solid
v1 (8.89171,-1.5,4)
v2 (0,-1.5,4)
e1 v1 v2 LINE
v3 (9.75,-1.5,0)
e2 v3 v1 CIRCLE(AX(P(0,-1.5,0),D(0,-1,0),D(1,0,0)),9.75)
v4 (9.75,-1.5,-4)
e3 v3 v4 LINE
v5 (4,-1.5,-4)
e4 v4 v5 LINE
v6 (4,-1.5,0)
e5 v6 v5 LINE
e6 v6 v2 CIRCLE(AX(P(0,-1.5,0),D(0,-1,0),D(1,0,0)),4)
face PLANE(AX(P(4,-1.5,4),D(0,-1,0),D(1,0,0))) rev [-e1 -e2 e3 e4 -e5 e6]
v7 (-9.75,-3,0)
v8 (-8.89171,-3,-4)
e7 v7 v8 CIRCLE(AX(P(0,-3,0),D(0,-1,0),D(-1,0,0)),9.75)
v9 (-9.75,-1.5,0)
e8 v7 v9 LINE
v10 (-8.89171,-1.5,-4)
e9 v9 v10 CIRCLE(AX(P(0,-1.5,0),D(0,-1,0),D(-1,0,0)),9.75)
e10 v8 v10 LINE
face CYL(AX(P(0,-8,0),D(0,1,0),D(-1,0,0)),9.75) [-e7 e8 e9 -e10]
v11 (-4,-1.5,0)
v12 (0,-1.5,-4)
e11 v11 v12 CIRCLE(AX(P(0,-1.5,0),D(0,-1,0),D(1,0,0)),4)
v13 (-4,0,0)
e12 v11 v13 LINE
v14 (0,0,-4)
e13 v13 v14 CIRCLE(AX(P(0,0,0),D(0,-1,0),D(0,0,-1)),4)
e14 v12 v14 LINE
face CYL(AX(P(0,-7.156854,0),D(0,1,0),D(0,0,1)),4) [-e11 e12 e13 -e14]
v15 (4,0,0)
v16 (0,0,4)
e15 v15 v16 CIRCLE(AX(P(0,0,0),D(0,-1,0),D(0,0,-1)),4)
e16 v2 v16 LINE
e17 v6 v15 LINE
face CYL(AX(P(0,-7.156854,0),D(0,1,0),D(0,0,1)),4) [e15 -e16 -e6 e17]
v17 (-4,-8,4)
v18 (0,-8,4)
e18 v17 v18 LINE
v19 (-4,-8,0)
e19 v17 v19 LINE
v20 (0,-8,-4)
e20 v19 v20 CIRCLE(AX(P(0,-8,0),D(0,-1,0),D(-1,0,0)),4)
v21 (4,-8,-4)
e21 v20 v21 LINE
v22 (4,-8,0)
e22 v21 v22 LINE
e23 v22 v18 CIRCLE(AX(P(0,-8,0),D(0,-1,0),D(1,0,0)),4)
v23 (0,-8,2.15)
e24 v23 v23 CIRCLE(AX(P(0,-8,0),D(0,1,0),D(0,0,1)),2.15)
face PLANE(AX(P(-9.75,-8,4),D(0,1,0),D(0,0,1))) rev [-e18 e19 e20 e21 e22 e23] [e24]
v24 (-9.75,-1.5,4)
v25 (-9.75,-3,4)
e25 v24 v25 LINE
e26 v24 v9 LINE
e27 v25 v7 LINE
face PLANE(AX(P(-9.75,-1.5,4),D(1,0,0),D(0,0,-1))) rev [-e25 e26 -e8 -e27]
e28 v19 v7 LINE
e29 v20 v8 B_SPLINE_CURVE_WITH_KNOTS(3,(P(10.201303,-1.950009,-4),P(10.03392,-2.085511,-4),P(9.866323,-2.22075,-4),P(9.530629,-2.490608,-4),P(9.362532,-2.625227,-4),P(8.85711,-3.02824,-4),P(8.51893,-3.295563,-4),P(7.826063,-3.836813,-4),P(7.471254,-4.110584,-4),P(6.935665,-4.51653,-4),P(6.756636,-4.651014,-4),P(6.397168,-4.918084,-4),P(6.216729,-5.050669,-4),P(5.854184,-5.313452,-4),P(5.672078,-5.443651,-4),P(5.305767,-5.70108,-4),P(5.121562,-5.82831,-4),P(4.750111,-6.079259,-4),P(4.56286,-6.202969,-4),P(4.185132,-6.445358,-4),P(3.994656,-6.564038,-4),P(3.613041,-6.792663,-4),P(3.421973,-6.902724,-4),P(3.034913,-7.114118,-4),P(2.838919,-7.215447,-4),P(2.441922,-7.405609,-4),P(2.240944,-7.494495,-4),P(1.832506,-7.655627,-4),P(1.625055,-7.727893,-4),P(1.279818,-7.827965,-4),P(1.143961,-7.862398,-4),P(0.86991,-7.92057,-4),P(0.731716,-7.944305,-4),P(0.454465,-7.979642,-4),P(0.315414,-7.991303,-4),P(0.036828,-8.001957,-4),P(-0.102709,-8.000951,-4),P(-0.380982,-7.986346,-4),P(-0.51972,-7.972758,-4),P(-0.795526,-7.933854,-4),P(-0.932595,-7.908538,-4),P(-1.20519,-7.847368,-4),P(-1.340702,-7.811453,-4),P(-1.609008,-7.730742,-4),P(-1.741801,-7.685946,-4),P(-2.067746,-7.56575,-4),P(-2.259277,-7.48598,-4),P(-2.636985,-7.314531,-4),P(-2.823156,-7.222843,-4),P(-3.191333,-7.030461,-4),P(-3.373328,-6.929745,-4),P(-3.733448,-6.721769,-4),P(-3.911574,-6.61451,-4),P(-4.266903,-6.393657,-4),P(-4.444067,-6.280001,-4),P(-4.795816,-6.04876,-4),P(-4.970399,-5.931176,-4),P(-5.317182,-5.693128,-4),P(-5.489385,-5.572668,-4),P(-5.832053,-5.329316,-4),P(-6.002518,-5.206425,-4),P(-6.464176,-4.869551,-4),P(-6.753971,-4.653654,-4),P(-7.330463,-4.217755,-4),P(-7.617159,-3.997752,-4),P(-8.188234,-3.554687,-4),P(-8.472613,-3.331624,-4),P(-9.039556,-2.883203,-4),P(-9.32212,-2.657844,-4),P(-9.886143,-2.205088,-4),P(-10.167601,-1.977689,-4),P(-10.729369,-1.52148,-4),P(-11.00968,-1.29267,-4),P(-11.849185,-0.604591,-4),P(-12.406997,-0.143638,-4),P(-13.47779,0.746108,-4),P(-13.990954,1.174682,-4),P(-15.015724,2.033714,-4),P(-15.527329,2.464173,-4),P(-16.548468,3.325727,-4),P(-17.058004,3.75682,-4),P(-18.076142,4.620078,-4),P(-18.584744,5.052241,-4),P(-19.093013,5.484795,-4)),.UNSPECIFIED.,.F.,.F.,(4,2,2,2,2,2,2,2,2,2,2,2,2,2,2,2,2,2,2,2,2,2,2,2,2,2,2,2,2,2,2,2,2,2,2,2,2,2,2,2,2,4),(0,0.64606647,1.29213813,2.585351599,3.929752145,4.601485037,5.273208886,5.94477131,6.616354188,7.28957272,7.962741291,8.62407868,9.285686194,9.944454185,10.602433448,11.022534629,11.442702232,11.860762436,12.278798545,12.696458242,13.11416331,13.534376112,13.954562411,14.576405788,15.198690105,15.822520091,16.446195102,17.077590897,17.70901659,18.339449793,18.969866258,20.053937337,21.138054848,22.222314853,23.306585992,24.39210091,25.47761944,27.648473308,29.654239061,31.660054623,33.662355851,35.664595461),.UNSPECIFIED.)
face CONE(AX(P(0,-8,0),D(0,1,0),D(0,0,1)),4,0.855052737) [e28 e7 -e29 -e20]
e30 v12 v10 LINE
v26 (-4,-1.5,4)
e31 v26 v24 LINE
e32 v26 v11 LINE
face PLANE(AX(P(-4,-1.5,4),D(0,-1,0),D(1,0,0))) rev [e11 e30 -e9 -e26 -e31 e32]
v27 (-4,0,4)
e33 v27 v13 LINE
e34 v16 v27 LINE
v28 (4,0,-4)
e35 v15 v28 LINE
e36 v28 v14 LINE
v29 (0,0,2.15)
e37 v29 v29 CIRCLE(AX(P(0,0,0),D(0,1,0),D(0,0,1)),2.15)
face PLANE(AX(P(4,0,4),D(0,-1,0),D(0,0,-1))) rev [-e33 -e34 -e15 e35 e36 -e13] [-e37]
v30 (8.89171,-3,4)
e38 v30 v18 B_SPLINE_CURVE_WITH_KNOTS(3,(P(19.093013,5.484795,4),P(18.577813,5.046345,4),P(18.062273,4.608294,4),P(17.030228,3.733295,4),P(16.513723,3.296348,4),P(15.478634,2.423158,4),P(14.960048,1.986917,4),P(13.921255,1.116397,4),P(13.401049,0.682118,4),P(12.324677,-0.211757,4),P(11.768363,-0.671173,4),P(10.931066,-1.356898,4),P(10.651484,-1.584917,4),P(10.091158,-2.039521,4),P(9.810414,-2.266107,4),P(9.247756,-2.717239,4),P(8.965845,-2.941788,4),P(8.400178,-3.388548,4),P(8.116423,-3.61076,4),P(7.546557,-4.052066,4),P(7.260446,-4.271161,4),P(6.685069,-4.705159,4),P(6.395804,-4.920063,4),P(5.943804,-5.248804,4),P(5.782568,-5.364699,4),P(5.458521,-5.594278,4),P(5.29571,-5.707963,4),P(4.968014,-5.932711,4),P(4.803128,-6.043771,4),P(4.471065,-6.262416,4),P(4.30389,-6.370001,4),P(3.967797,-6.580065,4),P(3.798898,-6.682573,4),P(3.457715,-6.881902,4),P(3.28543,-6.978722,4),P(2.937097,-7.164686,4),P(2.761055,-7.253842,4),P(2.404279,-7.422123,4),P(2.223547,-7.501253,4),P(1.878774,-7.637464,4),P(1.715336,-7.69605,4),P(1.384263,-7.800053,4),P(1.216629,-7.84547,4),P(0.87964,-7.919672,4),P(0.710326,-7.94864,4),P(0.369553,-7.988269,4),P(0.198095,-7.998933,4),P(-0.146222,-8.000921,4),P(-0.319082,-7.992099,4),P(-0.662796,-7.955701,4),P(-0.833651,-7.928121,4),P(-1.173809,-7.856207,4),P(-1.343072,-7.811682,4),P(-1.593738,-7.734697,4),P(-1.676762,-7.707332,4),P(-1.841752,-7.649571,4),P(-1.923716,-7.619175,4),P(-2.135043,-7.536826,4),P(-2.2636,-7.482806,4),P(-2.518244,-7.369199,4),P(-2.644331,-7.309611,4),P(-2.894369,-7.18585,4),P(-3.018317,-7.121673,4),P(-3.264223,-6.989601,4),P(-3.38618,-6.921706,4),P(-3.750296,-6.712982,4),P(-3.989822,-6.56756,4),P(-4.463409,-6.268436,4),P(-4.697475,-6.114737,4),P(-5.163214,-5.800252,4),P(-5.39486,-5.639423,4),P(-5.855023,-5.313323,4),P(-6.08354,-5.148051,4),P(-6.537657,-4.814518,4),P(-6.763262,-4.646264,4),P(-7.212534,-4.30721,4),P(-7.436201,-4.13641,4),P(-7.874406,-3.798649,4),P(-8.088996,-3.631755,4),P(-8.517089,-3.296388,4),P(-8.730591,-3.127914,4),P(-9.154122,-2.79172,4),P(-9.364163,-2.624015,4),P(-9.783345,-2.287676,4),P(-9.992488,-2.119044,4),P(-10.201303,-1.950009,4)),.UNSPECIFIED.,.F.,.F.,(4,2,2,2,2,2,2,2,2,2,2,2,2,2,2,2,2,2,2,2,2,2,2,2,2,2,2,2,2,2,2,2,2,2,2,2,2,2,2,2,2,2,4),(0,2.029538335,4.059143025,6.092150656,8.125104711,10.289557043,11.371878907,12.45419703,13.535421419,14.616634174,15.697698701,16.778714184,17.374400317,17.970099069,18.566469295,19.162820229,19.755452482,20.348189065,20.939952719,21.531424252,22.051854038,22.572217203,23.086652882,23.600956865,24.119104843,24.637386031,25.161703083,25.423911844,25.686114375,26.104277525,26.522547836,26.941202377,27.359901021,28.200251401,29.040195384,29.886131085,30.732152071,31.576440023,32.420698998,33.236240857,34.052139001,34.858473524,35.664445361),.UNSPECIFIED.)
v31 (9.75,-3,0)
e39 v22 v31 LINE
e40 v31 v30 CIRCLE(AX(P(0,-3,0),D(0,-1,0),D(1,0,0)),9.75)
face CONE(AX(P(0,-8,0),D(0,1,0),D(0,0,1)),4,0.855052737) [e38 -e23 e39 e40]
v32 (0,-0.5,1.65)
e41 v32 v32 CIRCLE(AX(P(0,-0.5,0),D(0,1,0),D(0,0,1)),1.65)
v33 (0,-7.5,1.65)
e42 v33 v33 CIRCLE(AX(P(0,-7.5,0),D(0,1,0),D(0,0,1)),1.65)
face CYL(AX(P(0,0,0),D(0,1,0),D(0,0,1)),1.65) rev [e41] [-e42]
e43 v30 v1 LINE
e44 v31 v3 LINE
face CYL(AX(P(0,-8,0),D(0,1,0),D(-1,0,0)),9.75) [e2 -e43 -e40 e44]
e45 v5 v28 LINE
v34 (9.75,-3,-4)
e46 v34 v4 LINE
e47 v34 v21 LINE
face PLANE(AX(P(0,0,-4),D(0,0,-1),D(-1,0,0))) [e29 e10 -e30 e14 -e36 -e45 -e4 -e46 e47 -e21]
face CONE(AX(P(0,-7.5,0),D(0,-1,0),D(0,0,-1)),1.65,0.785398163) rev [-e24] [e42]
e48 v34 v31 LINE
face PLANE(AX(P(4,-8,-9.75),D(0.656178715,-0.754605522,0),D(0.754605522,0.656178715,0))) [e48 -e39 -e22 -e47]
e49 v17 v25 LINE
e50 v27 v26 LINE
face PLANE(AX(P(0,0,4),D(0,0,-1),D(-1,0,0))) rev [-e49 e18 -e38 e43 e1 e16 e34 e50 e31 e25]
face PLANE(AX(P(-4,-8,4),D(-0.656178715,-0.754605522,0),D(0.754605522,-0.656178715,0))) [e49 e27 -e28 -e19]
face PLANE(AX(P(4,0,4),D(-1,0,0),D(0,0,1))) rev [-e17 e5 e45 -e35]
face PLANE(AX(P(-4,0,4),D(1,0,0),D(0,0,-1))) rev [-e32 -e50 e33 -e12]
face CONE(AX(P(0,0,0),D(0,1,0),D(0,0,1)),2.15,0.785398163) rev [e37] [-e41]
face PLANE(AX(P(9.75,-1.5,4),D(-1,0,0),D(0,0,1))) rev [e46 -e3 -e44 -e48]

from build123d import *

# Parameters (mm, degrees)
EXTRUDE_1_DEPTH     = 4
CUT_EXTRUDE_1_DEPTH = 1.5
CUT_EXTRUDE_2_DEPTH = 7.5


with BuildPart() as part:
    # Эскиз1 → Бобышка-Вытянуть1 (new body, symmetric)
    with BuildSketch(Plane.XY):
        Polygon((4, 0), (-4, 0), (-4, -1.5), (-9.75, -1.5), (-9.75, -8), (9.75, -8), (9.75, -1.5), (4, -1.5), align=None)
    extrude(amount=EXTRUDE_1_DEPTH, both=True)

    # Эскиз3 → Отверстие обработанное метчиком M43 (revolve, cut)
    with BuildSketch(Plane(origin=(0, 0, 0), x_dir=(0, 0, 1), z_dir=(1, 0, 0))):
        Polygon((0, 0), (0, 8), (2.15, 8), (1.65, 7.5), (1.65, 0.5), (2.15, 0), align=None)
    revolve(axis=Axis((0, 6.35, 0), (0, -1, 0)), mode=Mode.SUBTRACT)

    # Эскиз4 → Вырез-Вытянуть1 (cut)
    with BuildSketch(Plane(origin=(0, 0, 0), x_dir=(1, 0, 0), z_dir=(0, 1, 0))):
        with BuildLine():
            Line((-4, 4), (-4, 0))
            ThreePointArc((-4, 0), (-2.828427125, 2.828427125), (0, 4))
            Line((0, 4), (-4, 4))
        make_face()
        with BuildLine():
            Line((0, -4), (4, -4))
            Line((4, -4), (4, 0))
            ThreePointArc((4, 0), (2.828427125, -2.828427125), (0, -4))
        make_face()
    extrude(amount=-CUT_EXTRUDE_1_DEPTH, mode=Mode.SUBTRACT)

    # Эскиз5 → Вырез-Вытянуть2 (cut, through all)
    with BuildSketch(Plane(origin=(0, -1.5, 0), x_dir=(1, 0, 0), z_dir=(0, 1, 0))):
        with BuildLine():
            Line((-9.75, 0), (-9.75, 4))
            Line((-9.75, 4), (-8.891709622, 4))
            ThreePointArc((-8.891709622, 4), (-9.533012871, 2.045523305), (-9.75, 0))
        make_face()
        with BuildLine():
            Line((9.75, 0), (9.75, -4))
            Line((9.75, -4), (8.891709622, -4))
            ThreePointArc((8.891709622, -4), (9.533012871, -2.045523305), (9.75, 0))
        make_face()
    extrude(amount=-CUT_EXTRUDE_2_DEPTH, mode=Mode.SUBTRACT)

    # Вырез-По траектории1: sweep along a path in Эскиз7
    with BuildLine(Plane.XZ.offset(8)) as sweep_1_path:
        Line((0, 9.75), (-9.75, 9.75))
        Line((-9.75, 9.75), (-9.75, 0))
        ThreePointArc((-9.75, 0), (-6.894291117, -6.894291117), (0, -9.75))
        Line((0, -9.75), (9.75, -9.75))
        Line((9.75, -9.75), (9.75, 0))
        ThreePointArc((9.75, 0), (6.894291117, 6.894291117), (0, 9.75))
    # Эскиз6 → Вырез-По траектории1 (sweep, cut)
    with BuildSketch(Plane.XY.offset(4)):
        Polygon((-9.75, -3), (-9.75, -8), (-4, -8), align=None)
    sweep(path=sweep_1_path.line, transition=Transition.RIGHT, mode=Mode.SUBTRACT)


solid = part.part
